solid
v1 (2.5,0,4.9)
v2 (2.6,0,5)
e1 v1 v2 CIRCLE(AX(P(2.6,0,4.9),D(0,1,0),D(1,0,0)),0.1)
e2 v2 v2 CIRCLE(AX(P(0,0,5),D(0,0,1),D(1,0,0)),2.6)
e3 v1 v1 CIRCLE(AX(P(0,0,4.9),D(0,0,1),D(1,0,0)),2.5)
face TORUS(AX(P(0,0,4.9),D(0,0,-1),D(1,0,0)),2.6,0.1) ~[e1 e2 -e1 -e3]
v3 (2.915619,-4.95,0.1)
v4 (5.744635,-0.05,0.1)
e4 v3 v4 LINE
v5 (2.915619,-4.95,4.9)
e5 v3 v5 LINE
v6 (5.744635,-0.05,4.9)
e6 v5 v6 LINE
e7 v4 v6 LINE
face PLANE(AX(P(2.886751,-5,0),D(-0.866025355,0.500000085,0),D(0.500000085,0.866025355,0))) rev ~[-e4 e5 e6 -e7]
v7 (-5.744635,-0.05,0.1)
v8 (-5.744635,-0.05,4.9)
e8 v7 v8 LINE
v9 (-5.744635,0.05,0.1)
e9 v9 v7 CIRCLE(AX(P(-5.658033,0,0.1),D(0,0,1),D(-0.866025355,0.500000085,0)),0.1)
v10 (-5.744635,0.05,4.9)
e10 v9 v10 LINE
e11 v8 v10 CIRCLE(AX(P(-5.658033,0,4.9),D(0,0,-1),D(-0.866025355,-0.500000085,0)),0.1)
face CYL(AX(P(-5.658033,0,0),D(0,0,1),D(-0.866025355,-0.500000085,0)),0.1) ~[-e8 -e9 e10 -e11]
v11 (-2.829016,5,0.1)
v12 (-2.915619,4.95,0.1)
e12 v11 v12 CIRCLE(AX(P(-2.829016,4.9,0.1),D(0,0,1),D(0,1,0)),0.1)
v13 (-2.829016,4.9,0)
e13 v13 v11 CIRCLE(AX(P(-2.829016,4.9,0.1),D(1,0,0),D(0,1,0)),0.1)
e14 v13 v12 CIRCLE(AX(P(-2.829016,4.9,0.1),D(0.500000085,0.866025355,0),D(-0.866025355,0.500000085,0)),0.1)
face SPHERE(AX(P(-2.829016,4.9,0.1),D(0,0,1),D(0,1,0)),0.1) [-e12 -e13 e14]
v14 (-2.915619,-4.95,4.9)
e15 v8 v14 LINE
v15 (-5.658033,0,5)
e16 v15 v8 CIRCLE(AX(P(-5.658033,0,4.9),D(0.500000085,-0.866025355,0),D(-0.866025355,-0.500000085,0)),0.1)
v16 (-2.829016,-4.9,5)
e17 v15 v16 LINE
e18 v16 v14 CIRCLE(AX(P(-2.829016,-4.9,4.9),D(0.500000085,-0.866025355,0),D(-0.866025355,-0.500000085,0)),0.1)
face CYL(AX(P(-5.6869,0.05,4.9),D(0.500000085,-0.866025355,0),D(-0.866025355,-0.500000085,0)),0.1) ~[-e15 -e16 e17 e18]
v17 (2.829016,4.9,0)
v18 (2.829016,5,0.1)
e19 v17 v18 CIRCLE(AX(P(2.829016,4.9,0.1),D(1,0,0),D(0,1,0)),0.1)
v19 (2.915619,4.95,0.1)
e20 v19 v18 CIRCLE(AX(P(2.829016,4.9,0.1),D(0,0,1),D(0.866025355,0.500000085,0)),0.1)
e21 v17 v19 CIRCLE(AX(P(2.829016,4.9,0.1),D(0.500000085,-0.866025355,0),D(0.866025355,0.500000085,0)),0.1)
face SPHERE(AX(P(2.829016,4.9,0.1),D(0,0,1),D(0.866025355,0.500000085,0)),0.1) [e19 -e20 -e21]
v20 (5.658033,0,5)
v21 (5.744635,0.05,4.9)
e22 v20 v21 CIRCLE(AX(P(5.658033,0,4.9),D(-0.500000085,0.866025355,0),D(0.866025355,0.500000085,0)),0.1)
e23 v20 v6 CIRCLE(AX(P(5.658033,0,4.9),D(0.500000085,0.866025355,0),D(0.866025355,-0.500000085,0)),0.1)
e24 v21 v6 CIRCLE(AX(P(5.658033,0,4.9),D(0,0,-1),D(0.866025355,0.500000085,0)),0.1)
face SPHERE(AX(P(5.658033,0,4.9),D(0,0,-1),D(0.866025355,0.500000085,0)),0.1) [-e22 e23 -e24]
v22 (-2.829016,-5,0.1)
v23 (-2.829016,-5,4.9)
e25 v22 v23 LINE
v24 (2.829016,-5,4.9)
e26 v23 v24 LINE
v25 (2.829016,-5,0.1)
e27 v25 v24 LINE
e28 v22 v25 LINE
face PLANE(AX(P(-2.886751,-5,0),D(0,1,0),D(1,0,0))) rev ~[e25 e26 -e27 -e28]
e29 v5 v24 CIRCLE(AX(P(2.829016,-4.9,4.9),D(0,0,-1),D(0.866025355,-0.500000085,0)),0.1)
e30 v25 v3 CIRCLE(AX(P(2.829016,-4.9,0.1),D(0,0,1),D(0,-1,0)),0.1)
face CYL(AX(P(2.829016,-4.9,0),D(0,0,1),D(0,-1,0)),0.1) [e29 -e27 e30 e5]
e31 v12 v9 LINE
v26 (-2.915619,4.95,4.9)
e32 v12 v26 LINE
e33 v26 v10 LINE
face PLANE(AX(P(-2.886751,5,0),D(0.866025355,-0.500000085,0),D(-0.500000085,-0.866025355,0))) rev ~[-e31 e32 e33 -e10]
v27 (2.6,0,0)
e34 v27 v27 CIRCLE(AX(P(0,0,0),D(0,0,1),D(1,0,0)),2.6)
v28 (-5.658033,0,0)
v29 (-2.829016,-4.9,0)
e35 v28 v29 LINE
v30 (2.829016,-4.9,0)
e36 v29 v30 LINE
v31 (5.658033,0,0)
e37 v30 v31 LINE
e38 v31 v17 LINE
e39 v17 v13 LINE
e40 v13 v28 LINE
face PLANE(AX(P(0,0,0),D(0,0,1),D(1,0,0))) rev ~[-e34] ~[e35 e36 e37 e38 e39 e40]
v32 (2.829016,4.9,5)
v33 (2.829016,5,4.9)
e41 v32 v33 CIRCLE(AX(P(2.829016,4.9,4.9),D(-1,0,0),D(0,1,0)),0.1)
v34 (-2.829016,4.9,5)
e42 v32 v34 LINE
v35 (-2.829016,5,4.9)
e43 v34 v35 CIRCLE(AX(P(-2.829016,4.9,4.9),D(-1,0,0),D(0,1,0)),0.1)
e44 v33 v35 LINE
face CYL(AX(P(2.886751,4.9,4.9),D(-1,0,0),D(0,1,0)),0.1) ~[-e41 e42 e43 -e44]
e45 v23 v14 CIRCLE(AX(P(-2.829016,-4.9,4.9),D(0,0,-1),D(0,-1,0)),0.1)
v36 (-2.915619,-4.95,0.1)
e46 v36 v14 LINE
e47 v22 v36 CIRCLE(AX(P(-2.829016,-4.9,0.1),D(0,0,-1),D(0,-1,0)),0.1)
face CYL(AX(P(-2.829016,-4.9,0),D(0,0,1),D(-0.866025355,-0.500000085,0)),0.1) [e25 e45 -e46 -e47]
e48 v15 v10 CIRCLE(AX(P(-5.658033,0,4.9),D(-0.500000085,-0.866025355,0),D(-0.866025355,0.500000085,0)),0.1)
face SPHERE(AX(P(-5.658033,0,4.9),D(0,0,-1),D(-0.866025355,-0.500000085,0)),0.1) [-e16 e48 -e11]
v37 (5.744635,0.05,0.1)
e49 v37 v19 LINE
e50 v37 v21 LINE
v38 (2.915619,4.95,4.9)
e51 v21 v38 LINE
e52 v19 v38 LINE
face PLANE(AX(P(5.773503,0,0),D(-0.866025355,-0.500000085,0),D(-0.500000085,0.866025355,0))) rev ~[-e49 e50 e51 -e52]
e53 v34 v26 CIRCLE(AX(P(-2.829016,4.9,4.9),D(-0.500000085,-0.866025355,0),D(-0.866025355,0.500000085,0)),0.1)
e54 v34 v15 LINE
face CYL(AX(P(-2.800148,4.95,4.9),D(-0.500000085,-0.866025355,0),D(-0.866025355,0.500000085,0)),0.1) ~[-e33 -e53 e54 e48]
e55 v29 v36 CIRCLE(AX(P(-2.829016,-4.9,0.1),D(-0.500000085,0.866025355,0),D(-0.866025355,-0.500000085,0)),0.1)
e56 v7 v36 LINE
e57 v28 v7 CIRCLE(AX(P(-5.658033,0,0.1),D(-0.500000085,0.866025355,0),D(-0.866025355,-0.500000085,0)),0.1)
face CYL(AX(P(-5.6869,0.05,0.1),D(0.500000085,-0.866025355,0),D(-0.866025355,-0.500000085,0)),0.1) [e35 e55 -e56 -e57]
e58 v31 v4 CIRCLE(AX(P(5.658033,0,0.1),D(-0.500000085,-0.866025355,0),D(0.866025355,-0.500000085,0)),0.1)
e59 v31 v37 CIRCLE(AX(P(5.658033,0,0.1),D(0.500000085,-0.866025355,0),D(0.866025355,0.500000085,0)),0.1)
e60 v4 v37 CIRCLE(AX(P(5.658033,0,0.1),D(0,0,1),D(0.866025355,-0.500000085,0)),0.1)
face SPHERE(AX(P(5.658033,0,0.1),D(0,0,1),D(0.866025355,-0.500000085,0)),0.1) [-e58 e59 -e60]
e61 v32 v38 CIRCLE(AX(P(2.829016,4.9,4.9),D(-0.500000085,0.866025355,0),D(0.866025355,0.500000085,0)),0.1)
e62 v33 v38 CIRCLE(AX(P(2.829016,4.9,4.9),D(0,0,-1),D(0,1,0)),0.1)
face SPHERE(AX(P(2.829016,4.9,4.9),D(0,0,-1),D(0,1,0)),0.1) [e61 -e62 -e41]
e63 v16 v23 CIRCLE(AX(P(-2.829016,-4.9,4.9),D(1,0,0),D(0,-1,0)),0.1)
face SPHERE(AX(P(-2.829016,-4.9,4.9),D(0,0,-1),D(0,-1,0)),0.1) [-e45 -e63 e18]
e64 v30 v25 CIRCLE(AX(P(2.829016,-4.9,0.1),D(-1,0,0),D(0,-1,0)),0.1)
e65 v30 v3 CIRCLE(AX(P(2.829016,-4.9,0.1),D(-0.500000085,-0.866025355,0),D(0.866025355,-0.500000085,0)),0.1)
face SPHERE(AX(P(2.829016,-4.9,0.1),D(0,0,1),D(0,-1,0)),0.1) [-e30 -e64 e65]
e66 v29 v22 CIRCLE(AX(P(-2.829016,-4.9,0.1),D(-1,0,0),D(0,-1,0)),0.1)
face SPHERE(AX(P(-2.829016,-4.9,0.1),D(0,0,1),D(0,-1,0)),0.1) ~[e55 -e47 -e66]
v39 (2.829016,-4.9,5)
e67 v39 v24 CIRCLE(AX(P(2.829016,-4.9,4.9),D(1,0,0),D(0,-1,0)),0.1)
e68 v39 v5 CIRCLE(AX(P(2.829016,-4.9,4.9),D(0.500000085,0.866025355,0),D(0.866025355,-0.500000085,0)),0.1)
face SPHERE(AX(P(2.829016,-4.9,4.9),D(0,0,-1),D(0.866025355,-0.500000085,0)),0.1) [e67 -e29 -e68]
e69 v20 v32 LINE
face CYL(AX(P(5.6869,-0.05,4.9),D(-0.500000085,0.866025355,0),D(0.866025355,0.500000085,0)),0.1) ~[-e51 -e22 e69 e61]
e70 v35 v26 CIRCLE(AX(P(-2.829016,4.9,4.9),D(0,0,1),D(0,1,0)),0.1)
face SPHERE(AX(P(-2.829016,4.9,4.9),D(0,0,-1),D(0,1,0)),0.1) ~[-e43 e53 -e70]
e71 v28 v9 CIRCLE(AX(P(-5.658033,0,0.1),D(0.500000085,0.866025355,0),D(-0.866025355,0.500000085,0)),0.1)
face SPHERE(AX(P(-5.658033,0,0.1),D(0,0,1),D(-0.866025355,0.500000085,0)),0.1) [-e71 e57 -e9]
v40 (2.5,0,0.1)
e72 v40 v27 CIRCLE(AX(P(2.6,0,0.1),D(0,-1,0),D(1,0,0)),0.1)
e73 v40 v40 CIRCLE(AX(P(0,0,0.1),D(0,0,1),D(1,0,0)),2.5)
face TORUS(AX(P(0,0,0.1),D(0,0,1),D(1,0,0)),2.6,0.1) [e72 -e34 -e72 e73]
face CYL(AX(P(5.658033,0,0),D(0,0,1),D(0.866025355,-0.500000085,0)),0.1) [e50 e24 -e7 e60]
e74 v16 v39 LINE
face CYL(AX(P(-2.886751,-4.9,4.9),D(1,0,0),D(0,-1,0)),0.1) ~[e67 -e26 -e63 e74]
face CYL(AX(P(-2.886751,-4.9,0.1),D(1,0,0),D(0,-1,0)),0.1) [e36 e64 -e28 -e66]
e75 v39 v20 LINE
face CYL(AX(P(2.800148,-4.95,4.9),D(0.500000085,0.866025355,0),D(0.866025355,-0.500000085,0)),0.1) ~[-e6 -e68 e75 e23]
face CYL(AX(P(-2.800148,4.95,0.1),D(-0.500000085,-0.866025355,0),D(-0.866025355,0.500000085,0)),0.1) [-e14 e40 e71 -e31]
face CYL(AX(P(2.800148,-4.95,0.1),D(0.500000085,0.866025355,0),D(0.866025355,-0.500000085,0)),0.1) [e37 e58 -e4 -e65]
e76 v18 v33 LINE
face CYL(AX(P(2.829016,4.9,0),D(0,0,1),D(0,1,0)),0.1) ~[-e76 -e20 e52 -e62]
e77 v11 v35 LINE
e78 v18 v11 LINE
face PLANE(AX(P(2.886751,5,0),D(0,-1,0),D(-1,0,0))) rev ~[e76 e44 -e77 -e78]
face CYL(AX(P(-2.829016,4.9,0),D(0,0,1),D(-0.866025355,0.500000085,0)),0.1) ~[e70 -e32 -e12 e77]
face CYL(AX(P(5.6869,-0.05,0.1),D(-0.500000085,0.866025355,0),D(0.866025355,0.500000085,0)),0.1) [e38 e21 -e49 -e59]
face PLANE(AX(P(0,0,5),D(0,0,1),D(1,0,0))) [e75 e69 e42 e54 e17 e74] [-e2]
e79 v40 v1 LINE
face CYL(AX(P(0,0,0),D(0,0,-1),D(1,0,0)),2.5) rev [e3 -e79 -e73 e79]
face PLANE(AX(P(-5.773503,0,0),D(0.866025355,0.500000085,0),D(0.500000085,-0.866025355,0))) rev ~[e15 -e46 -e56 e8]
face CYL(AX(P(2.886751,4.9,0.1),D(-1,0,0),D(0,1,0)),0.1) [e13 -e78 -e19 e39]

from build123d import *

# Parameters (mm, degrees)
F0_R     = 2.5
F1_DEPTH = 5
F2_R     = 0.1


with BuildPart() as f1:
    # F0 (on Top) → F1 (new body)
    with BuildSketch(Plane.XY):
        Polygon((-5.773503, 0), (-2.886751, -5), (2.886751, -5), (5.773503, 0), (2.886751, 5), (-2.886751, 5), align=None)
        Circle(F0_R, mode=Mode.SUBTRACT)
    extrude(amount=F1_DEPTH)

    # F2
    f2_edges = [f1.edges().sort_by_distance(p)[0] for p in [
        (0, 5, 5),
        (4.330127, 2.5, 5),
        (4.330127, -2.5, 5),
        (0, -5, 5),
        (-4.330127, -2.5, 5),
        (-4.330127, 2.5, 5),
        (-2.886751, -5, 2.5),
        (2.886751, -5, 2.5),
        (0, -5, 0),
        (5.773503, 0, 2.5),
        (4.330127, -2.5, 0),
        (-2.5, 0, 5),
        (-4.330127, -2.5, 0),
        (-5.773503, 0, 2.5),
        (4.330127, 2.5, 0),
        (0, 5, 0),
        (-4.330127, 2.5, 0),
        (-2.5, 0, 0),
        (2.886751, 5, 2.5),
        (-2.886751, 5, 2.5),
    ]]
    fillet(f2_edges, radius=F2_R)


solid = f1.part
